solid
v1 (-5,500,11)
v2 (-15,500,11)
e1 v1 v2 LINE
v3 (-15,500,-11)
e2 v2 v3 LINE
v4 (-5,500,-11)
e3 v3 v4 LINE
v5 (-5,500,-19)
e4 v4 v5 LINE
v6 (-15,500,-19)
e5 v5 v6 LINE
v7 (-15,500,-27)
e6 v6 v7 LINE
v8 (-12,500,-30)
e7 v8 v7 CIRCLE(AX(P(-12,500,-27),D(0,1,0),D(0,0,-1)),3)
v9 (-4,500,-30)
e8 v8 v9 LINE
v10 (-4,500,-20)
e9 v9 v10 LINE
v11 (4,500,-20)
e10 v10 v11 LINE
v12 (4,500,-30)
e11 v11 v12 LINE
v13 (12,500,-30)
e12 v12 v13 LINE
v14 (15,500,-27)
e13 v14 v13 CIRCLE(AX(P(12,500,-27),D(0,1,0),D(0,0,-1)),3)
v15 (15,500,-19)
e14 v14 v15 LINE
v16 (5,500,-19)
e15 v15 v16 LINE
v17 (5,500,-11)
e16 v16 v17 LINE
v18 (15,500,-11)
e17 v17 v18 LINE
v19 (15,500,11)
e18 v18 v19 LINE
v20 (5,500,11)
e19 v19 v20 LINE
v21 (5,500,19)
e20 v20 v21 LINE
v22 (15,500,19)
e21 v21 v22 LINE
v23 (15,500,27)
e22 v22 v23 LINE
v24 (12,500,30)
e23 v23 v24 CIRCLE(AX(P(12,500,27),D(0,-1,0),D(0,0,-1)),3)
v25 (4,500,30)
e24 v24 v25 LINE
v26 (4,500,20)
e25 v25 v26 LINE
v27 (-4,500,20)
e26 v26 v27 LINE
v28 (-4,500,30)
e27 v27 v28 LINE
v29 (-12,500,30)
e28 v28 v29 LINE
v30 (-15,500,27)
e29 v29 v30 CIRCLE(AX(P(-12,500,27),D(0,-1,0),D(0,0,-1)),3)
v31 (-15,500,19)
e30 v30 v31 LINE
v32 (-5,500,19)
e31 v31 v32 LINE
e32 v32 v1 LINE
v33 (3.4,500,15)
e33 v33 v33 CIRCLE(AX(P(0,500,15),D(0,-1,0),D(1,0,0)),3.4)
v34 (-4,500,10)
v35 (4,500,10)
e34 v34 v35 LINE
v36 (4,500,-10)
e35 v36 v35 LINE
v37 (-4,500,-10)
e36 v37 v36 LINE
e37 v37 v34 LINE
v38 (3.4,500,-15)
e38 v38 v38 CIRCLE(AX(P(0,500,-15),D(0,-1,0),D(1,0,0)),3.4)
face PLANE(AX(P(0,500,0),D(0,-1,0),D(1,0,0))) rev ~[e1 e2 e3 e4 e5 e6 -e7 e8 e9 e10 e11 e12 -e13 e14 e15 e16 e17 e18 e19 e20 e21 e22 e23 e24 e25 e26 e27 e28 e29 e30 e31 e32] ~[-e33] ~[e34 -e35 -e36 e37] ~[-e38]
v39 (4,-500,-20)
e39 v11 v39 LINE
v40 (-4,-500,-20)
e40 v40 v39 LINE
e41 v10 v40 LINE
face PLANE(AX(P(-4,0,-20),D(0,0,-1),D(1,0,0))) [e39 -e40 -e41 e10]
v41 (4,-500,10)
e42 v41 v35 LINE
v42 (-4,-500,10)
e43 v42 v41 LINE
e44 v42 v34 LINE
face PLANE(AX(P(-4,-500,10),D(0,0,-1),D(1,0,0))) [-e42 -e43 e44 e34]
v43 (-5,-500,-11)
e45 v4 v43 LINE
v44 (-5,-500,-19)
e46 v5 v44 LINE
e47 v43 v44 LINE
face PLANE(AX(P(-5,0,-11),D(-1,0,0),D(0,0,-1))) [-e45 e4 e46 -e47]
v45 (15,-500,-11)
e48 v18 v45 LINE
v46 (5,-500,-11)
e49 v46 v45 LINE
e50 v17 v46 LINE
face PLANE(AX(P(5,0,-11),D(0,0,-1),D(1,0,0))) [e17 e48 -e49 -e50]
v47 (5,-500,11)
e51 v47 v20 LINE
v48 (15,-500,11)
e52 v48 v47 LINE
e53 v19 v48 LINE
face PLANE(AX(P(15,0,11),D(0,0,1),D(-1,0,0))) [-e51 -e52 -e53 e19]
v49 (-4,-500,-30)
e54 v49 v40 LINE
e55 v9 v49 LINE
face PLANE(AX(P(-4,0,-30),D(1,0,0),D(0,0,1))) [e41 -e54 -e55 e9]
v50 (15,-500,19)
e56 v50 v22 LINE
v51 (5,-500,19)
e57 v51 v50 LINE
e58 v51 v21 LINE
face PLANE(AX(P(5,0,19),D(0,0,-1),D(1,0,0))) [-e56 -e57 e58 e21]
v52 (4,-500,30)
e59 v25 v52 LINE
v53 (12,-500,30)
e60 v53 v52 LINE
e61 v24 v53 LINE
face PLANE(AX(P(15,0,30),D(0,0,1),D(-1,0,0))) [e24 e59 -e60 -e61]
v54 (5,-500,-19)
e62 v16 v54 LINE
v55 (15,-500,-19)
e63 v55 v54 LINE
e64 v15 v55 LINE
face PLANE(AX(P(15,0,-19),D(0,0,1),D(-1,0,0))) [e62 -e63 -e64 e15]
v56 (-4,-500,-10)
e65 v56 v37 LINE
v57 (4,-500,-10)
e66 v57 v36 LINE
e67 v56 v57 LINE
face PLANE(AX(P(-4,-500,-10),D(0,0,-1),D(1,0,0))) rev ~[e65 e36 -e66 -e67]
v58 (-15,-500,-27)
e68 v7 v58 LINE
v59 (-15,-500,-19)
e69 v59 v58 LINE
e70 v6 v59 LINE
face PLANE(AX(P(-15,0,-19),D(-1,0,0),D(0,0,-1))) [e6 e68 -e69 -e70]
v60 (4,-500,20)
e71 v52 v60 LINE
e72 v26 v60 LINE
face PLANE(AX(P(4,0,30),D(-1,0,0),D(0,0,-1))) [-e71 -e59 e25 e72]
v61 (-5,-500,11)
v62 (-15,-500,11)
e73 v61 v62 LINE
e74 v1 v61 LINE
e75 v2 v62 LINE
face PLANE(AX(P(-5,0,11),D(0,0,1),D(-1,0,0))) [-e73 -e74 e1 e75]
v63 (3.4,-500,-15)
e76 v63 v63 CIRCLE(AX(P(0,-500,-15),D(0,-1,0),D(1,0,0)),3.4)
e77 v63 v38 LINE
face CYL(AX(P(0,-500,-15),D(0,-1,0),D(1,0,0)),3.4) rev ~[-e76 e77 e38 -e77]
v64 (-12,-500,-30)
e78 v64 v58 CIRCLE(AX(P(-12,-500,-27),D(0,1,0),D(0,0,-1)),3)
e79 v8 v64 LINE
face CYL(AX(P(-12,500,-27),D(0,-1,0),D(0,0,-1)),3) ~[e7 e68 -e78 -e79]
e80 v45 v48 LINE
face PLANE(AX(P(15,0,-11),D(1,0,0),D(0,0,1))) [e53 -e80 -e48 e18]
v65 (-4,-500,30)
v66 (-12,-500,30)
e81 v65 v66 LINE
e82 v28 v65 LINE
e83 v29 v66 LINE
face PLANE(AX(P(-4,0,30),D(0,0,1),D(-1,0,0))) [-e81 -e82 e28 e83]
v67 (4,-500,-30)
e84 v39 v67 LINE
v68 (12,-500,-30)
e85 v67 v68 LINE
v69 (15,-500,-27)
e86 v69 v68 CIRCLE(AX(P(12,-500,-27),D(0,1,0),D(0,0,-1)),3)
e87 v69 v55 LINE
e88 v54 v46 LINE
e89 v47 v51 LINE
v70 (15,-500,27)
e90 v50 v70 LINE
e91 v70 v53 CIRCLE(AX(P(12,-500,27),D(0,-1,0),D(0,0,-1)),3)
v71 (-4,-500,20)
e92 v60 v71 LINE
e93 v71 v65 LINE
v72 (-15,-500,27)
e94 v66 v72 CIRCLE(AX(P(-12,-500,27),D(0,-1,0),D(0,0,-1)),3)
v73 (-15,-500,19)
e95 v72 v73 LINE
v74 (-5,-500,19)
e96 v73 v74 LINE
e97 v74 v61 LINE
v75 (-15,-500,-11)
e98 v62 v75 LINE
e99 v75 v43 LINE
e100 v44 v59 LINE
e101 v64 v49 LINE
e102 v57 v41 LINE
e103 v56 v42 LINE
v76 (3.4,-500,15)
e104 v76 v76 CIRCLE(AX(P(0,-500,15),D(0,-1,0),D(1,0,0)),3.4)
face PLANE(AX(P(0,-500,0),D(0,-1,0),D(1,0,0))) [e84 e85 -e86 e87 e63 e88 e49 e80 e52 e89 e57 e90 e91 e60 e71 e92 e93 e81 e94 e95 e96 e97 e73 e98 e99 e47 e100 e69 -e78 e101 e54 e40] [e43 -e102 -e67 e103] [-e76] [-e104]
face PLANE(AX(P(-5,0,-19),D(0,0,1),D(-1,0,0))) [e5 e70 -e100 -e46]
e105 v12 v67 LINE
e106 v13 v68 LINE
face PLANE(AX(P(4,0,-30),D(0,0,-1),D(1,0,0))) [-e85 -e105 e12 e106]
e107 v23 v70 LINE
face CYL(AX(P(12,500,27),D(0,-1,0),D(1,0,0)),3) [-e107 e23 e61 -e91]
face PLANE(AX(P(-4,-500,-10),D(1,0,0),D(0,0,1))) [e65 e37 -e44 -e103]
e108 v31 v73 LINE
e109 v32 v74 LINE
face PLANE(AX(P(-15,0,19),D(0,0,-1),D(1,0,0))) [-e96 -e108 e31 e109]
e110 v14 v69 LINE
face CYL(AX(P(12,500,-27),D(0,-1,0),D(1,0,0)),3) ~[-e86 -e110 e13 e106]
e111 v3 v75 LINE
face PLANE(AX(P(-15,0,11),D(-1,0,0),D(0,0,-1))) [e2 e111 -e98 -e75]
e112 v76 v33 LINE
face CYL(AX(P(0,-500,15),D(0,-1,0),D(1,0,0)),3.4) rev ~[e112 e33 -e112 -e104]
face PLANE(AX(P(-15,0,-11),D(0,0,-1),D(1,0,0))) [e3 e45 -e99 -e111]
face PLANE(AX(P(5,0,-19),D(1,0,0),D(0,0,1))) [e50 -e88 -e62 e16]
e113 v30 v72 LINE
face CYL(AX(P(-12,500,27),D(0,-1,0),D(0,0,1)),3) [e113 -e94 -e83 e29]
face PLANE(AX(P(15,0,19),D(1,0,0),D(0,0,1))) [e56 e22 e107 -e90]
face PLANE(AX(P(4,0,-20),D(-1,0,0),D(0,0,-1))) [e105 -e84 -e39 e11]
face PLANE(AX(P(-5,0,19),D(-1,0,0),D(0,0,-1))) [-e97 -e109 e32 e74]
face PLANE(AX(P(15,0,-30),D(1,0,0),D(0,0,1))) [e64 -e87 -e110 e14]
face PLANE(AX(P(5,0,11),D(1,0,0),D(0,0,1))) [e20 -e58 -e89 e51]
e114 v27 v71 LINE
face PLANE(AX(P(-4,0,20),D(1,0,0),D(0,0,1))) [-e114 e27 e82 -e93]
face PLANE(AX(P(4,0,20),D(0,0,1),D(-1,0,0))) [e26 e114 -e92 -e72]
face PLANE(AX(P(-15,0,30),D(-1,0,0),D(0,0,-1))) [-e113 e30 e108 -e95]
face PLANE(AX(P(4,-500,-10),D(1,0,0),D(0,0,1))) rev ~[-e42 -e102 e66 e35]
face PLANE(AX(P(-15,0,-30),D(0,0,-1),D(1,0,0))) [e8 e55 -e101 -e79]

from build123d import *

# Parameters (mm, degrees)
F1_DEPTH = 500
F2_R     = 3.4
F2_W     = 8
F2_H     = 20
F3_DEPTH = 1000
F4_R     = 3


with BuildPart() as f1:
    # F0 (on Front) → F1 (new body, symmetric)
    with BuildSketch(Plane.XZ):
        Polygon((15, 19), (15, 30), (4, 30), (4, 20), (-4, 20), (-4, 30), (-15, 30), (-15, 19), (-5, 19), (-5, 11), (-15, 11), (-15, -11), (-5, -11), (-5, -19), (-15, -19), (-15, -30), (-4, -30), (-4, -20), (4, -20), (4, -30), (15, -30), (15, -19), (5, -19), (5, -11), (15, -11), (15, 11), (5, 11), (5, 19), align=None)
    extrude(amount=F1_DEPTH, both=True)

    # F2 (on face) → F3 (cut)
    with BuildSketch(Plane.XZ.offset(500)):
        with Locations((0, -15)):
            Circle(F2_R)
        Rectangle(F2_W, F2_H)
        with Locations((0, 15)):
            Circle(F2_R)
    extrude(amount=-F3_DEPTH, mode=Mode.SUBTRACT)

    # F4
    f4_edges = [f1.edges().sort_by_distance(p)[0] for p in [
        (-15, 0, -30),
        (15, 0, -30),
        (15, 0, 30),
        (-15, 0, 30),
    ]]
    fillet(f4_edges, radius=F4_R)


solid = f1.part
